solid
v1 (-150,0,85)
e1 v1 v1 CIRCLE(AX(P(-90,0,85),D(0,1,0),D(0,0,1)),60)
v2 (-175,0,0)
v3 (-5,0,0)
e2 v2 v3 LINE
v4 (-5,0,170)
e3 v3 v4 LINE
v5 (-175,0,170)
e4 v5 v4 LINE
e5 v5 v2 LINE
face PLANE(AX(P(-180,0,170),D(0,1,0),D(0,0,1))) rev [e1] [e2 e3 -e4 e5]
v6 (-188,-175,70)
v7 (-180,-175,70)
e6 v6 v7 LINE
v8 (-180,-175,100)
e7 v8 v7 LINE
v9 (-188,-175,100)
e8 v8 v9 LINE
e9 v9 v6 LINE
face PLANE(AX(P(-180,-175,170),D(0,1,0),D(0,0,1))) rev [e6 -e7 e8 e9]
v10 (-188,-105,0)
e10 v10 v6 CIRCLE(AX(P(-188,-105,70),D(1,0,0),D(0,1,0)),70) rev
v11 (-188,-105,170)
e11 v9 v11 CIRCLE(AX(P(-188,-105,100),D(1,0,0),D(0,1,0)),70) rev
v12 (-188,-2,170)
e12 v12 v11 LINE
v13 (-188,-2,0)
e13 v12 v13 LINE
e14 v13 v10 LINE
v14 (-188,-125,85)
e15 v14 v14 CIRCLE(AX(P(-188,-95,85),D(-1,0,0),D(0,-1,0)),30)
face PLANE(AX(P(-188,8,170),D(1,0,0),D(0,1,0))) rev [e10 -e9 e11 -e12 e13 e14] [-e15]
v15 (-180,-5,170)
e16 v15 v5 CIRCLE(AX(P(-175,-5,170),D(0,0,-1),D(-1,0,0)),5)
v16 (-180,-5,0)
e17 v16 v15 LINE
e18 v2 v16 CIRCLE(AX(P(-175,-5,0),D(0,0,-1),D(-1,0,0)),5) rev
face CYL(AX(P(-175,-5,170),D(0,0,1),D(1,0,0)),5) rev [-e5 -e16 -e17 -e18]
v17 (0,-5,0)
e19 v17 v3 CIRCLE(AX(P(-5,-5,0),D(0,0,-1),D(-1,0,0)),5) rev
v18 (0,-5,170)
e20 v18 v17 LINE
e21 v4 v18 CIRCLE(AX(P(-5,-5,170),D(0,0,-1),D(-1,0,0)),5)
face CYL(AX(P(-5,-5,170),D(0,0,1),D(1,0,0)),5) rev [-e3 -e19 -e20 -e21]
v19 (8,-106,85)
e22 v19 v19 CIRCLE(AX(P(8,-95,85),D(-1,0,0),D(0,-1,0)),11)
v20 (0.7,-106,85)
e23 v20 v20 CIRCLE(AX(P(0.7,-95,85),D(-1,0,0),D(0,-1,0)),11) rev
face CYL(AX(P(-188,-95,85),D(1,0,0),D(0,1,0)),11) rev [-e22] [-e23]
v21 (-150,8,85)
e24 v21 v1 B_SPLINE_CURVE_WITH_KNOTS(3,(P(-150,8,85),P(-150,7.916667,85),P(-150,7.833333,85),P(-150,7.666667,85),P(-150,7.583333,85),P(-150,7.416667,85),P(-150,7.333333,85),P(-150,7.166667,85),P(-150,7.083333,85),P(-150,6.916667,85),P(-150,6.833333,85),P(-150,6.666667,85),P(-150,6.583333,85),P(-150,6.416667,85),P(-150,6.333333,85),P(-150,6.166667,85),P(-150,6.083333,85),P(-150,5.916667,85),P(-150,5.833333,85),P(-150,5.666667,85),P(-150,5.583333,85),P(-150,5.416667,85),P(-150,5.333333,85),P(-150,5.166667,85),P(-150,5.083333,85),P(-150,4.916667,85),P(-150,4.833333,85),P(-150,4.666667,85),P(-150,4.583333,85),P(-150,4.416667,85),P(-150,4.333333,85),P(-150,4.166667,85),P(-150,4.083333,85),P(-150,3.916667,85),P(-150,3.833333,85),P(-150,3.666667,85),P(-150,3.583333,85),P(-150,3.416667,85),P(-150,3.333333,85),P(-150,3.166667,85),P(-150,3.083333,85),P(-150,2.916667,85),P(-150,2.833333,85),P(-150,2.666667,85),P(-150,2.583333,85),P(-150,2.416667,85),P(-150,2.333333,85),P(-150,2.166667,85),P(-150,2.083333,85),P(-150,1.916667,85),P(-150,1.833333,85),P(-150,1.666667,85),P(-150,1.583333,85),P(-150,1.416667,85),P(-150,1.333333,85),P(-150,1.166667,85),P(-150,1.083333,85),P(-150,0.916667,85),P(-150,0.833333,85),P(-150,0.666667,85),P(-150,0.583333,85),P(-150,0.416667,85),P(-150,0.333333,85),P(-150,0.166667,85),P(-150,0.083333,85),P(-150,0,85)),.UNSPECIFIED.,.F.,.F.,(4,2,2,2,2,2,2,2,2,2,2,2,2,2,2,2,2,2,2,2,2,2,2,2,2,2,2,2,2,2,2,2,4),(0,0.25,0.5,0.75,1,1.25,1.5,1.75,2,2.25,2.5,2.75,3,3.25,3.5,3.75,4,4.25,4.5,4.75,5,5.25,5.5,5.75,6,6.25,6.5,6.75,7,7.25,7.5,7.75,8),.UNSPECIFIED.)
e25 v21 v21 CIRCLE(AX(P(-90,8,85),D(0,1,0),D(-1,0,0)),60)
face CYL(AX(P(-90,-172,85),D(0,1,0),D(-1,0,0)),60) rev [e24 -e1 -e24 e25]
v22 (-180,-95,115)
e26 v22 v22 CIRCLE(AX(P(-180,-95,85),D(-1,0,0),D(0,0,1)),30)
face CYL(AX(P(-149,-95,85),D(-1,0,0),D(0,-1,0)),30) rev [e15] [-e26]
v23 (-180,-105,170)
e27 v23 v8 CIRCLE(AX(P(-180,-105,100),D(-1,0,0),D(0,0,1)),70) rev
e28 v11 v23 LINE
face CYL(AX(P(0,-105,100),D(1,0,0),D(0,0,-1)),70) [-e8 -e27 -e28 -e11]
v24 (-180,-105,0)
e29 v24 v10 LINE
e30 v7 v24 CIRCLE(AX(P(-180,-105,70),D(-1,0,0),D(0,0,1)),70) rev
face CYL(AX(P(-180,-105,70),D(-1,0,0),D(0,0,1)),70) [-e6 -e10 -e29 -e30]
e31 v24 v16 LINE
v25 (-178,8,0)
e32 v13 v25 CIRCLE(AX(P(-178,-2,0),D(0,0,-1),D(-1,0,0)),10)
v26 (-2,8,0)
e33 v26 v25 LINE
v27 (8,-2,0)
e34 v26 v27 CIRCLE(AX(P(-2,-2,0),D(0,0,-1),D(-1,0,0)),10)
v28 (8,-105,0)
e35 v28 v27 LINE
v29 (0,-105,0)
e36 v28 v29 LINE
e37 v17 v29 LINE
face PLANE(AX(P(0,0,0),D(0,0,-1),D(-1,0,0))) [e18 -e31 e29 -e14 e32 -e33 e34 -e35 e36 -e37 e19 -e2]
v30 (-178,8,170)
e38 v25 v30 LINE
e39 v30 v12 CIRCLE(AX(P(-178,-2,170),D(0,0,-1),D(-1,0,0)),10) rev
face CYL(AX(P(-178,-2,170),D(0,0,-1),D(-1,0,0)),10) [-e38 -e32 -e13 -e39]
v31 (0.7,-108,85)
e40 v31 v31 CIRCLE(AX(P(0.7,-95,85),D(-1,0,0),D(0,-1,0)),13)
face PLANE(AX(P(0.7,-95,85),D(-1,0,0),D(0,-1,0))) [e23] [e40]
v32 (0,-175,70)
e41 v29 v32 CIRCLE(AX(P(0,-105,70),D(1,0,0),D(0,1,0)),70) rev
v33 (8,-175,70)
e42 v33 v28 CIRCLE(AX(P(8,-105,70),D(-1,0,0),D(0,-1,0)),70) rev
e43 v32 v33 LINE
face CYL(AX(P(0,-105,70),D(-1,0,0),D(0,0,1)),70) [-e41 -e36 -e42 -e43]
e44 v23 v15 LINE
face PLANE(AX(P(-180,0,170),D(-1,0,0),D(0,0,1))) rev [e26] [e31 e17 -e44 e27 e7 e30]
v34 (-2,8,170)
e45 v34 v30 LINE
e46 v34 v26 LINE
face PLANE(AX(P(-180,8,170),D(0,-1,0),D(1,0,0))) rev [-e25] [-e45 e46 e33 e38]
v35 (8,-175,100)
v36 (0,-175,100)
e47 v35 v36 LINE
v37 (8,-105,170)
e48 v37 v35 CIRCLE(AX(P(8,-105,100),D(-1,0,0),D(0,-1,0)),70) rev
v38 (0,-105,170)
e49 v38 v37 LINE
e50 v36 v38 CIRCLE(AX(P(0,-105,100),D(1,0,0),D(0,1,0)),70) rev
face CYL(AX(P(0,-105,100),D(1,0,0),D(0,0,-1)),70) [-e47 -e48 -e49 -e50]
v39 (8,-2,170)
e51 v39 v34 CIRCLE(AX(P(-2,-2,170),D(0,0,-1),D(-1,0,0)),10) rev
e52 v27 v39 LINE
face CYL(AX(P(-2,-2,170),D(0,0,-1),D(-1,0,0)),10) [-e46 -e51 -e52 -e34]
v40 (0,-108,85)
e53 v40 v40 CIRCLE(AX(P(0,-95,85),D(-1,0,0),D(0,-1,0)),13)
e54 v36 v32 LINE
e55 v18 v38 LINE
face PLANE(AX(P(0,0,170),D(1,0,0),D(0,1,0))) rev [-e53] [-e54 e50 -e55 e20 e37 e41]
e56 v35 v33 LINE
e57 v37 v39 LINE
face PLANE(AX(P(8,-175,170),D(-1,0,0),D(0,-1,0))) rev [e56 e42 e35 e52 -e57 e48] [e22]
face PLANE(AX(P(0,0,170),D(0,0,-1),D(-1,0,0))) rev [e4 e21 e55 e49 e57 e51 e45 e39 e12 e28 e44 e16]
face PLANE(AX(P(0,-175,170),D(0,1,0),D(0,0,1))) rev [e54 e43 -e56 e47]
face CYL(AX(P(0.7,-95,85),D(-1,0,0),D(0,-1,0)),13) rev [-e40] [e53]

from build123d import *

# Parameters (mm, degrees)
EXTRUDE_1_DEPTH          = 170
SKETCH_2_R               = 60
CUT_EXTRUDE_1_DEPTH      = 180
CUT_EXTRUDE_2_DEPTH      = 313.955268369
CUT_EXTRUDE_2_DEPTH_BACK = 313.955268369
SKETCH_3_R               = 11
FILLET_1_R               = 70
FILLET_2_R               = 5
FILLET_3_R               = 10
SKETCH_6_R               = 30
CUT_EXTRUDE_6_DEPTH      = 39
SKETCH_7_R               = 13
CUT_EXTRUDE_7_DEPTH      = 0.7


with BuildPart() as part:
    # 草图1 → 凸台-拉伸1 (new body)
    with BuildSketch(Plane.XY):
        Polygon((-180, 0), (0, 0), (0, -175), (8, -175), (8, 8), (-180, 8), (-188, 8), (-188, -175), (-180, -175), align=None)
    extrude(amount=EXTRUDE_1_DEPTH)

    # 草图2 → 切除-拉伸1 (cut)
    with BuildSketch(Plane(origin=(0, 8, 0), x_dir=(1, 0, 0), z_dir=(0, 1, 0))):
        with Locations(Location((-90, -85, 0), (0, 0, 180))):
            Circle(SKETCH_2_R)
    extrude(amount=-CUT_EXTRUDE_1_DEPTH, mode=Mode.SUBTRACT)

    # 草图3 → 切除-拉伸2 (cut, two sides: drawn at the far end of the back side and taken through both)
    with BuildSketch(Plane(origin=(8, 0, 0), x_dir=(0, 0, -1), z_dir=(1, 0, 0)).offset(-CUT_EXTRUDE_2_DEPTH_BACK)):
        with Locations(Location((-85, -95, 0), (0, 0, 90))):
            Circle(SKETCH_3_R)
    extrude(amount=CUT_EXTRUDE_2_DEPTH + CUT_EXTRUDE_2_DEPTH_BACK, mode=Mode.SUBTRACT)

    # 圆角1
    fillet_1_edges = [part.edges().sort_by_distance(p)[0] for p in [
        (4, -175, 0),
        (4, -175, 170),
        (-184, -175, 170),
        (-184, -175, 0),
    ]]
    fillet(fillet_1_edges, radius=FILLET_1_R)

    # 圆角2
    fillet_2_edges = [part.edges().sort_by_distance(p)[0] for p in [
        (0, 0, 85),
        (-180, 0, 85),
    ]]
    fillet(fillet_2_edges, radius=FILLET_2_R)

    # 圆角3
    fillet_3_edges = [part.edges().sort_by_distance(p)[0] for p in [
        (-188, 8, 85),
        (8, 8, 85),
    ]]
    fillet(fillet_3_edges, radius=FILLET_3_R)

    # 草图6 → 切除-拉伸6 (cut)
    with BuildSketch(Plane.ZY.offset(188)):
        with Locations(Location((85, -95, 0), (0, 0, 270))):
            Circle(SKETCH_6_R)
    extrude(amount=-CUT_EXTRUDE_6_DEPTH, mode=Mode.SUBTRACT)

    # 草图7 → 切除-拉伸7 (cut)
    with BuildSketch(Plane.ZY):
        with Locations(Location((85, -95, 0), (0, 0, 270))):
            Circle(SKETCH_7_R)
    extrude(amount=-CUT_EXTRUDE_7_DEPTH, mode=Mode.SUBTRACT)


solid = part.part
